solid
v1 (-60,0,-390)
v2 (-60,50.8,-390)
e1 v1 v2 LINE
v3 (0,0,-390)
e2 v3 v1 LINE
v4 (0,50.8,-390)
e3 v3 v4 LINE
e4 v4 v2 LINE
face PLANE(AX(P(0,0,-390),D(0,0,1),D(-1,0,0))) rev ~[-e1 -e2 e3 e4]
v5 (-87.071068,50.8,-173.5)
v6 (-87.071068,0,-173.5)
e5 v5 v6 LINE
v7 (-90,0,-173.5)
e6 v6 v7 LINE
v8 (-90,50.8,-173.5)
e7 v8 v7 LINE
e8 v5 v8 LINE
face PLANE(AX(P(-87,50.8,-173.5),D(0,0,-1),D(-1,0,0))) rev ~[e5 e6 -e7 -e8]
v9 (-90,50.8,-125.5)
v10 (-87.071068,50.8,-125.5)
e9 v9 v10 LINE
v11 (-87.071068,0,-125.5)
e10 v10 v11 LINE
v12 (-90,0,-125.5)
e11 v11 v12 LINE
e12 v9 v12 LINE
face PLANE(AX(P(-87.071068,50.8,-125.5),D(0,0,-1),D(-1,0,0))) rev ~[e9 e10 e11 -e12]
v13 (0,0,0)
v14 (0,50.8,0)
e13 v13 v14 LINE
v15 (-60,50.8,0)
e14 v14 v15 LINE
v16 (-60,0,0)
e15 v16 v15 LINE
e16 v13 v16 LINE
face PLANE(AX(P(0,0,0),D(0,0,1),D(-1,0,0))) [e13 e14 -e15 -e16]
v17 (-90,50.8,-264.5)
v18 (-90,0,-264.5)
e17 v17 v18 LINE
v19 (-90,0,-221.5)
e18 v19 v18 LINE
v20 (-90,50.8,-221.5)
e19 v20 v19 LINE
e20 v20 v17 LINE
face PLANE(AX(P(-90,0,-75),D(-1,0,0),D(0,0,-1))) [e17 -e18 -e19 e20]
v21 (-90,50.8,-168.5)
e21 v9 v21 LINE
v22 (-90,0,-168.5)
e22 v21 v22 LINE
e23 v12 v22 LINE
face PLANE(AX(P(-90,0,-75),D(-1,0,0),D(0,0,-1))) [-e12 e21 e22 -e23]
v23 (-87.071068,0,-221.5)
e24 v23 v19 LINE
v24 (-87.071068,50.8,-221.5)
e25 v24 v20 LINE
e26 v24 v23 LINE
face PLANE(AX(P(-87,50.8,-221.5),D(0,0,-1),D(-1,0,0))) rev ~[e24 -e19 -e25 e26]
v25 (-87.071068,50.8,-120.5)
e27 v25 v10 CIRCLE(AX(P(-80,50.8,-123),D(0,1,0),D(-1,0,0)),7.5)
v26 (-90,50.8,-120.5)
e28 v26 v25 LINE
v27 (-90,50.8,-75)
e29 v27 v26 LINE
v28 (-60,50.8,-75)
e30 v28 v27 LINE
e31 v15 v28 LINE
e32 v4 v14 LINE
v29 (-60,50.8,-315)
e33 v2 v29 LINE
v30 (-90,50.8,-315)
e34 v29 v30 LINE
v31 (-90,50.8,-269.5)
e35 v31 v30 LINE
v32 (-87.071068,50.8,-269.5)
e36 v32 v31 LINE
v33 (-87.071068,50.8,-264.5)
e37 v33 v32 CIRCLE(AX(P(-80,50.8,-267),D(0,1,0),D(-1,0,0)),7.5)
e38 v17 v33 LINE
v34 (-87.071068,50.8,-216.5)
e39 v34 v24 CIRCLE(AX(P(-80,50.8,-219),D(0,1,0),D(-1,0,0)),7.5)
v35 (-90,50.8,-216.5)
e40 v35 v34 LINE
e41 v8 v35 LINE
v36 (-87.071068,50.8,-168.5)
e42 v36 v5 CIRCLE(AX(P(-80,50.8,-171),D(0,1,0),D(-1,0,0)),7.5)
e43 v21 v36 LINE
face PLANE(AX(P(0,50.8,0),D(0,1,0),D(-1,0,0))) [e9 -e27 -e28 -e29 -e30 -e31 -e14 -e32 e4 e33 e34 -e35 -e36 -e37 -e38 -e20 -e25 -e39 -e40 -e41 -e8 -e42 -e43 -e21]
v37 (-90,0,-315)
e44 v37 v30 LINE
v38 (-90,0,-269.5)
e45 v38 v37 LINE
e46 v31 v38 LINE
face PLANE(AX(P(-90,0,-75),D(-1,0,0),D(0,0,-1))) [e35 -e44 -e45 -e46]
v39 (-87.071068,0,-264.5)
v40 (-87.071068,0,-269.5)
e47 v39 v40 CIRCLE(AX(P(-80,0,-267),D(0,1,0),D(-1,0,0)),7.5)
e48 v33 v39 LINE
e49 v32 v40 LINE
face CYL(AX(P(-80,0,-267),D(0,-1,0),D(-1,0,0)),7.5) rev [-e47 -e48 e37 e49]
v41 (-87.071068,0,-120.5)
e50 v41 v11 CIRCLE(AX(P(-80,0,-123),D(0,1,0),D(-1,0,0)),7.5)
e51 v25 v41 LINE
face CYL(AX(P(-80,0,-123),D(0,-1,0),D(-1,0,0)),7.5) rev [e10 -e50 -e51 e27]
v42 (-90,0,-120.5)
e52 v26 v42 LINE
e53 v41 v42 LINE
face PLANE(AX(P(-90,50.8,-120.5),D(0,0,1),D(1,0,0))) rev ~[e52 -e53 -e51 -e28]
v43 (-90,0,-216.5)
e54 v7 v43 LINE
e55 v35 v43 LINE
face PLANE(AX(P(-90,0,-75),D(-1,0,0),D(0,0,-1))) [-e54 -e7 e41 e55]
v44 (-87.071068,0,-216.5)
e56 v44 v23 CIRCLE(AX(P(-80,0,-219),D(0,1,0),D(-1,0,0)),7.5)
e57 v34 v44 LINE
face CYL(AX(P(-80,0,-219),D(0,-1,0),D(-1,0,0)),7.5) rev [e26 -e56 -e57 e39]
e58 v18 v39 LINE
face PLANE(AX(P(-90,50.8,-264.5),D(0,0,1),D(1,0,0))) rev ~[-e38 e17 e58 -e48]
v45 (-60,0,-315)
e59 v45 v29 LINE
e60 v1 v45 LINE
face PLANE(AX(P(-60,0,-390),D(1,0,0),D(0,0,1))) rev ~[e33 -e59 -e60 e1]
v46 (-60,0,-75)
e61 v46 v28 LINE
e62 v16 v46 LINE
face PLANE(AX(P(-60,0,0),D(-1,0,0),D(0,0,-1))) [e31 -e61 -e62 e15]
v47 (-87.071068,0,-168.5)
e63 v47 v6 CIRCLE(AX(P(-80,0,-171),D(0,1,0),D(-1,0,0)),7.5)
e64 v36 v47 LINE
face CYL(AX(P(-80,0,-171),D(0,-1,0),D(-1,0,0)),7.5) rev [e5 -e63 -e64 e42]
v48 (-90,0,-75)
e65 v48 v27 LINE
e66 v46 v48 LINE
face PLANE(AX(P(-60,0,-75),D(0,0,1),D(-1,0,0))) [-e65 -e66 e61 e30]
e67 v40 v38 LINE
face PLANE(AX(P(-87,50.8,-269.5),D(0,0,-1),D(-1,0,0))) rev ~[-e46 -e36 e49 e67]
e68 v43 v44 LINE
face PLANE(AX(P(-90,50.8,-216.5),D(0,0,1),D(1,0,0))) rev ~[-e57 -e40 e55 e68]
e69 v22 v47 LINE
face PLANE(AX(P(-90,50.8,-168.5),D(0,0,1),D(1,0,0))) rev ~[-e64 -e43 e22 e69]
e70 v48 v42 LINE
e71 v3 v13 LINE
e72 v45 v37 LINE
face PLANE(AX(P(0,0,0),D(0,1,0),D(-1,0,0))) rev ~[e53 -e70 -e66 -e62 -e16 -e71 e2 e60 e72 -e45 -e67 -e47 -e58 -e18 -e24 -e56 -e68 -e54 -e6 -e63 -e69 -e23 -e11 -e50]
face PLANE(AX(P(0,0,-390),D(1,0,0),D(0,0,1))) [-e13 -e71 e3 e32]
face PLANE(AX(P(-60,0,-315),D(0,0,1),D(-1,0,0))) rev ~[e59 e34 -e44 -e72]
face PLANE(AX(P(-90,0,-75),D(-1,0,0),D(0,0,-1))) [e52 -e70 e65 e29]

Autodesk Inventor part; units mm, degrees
ref_plane "YZ Plane" through (0, 0, 0) normal (1, 0, 0) x (0, 1, 0)
ref_plane "XZ Plane" through (0, 0, 0) normal (0, 1, 0) x (-1, 0, 0)
ref_plane "XY Plane" through (0, 0, 0) normal (0, 0, 1) x (1, 0, 0)
sketch "Sketch3" plane through (0, 0, 0) normal (0, 1, 0) x (-1, 0, 0)
  line L0 (0, -390) -> (0, 0)
  line L1 (60, 0) -> (60, -75)
  line L2 (60, -75) -> (90, -75)
  line L3 (60, -390) -> (60, -315)
  line L4 (60, -315) -> (90, -315)
  line L5 (0, 0) -> (60, 0)
  line L6 (60, 0) -> (60, -75)
  line L7 (60, -75) -> (90, -75)
  line L8 (90, -75) -> (90, -315)
  line L9 (0, -390) -> (60, -390)
  circle A0 centre (80, -123) radius 7.5
  circle A1 centre (80, -171) radius 7.5
  circle A2 centre (80, -219) radius 7.5
  circle A3 centre (80, -267) radius 7.5
  dimension "d44" = 30
  dimension "d45" = 75
  dimension "d46" = 30
  dimension "d47" = 75
  dimension "d48" = 15
  dimension "d49" = 48
  dimension "d50" = 10
  dimension "d56" = 48
extrude "Extrusion1" add sketch "Sketch3" along normal blind 50.8
sketch "Sketch6" plane through (0, 50.8, 0) normal (0, 1, 0) x (1, 0, 0)
  line L0 (-90, 315) -> (-90, 75) projected
  line L1 (-90, 120.5) -> (-87, 120.5)
  line L2 (-87, 120.5) -> (-87, 125.5)
  line L3 (-87, 125.5) -> (-90, 125.5)
  line L4 (-90, 125.5) -> (-90, 120.5)
  circle A0 centre (-80, 123) radius 7.5 projected
  line L5 (-87, 168.5) -> (-87, 173.5)
  line L6 (-87, 173.5) -> (-90, 173.5)
  line L7 (-90, 173.5) -> (-90, 168.5)
  line L8 (-90, 168.5) -> (-87, 168.5)
  line L9 (-87, 216.5) -> (-87, 221.5)
  line L10 (-87, 221.5) -> (-90, 221.5)
  line L11 (-90, 221.5) -> (-90, 216.5)
  line L12 (-90, 216.5) -> (-87, 216.5)
  line L13 (-87, 264.5) -> (-87, 269.5)
  line L14 (-87, 269.5) -> (-90, 269.5)
  line L15 (-90, 269.5) -> (-90, 264.5)
  line L16 (-90, 264.5) -> (-87, 264.5)
  point P0 (0, 0)
  dimension "d58" = 3
  dimension "d59" = 5
  dimension "d60" = 2.5
  dimension "d66" = 48
extrude "Extrusion3" cut sketch "Sketch6" against normal blind 50.8 contours L14 L13 L16 L0 | L3 A0 L1 L0 | L6 L5 L8 L0 | L10 L9 L12 L0 | L3 L2 L1 A0 picked at (-87.1506, 123.2826)
properties part number "PiezaInferior"
